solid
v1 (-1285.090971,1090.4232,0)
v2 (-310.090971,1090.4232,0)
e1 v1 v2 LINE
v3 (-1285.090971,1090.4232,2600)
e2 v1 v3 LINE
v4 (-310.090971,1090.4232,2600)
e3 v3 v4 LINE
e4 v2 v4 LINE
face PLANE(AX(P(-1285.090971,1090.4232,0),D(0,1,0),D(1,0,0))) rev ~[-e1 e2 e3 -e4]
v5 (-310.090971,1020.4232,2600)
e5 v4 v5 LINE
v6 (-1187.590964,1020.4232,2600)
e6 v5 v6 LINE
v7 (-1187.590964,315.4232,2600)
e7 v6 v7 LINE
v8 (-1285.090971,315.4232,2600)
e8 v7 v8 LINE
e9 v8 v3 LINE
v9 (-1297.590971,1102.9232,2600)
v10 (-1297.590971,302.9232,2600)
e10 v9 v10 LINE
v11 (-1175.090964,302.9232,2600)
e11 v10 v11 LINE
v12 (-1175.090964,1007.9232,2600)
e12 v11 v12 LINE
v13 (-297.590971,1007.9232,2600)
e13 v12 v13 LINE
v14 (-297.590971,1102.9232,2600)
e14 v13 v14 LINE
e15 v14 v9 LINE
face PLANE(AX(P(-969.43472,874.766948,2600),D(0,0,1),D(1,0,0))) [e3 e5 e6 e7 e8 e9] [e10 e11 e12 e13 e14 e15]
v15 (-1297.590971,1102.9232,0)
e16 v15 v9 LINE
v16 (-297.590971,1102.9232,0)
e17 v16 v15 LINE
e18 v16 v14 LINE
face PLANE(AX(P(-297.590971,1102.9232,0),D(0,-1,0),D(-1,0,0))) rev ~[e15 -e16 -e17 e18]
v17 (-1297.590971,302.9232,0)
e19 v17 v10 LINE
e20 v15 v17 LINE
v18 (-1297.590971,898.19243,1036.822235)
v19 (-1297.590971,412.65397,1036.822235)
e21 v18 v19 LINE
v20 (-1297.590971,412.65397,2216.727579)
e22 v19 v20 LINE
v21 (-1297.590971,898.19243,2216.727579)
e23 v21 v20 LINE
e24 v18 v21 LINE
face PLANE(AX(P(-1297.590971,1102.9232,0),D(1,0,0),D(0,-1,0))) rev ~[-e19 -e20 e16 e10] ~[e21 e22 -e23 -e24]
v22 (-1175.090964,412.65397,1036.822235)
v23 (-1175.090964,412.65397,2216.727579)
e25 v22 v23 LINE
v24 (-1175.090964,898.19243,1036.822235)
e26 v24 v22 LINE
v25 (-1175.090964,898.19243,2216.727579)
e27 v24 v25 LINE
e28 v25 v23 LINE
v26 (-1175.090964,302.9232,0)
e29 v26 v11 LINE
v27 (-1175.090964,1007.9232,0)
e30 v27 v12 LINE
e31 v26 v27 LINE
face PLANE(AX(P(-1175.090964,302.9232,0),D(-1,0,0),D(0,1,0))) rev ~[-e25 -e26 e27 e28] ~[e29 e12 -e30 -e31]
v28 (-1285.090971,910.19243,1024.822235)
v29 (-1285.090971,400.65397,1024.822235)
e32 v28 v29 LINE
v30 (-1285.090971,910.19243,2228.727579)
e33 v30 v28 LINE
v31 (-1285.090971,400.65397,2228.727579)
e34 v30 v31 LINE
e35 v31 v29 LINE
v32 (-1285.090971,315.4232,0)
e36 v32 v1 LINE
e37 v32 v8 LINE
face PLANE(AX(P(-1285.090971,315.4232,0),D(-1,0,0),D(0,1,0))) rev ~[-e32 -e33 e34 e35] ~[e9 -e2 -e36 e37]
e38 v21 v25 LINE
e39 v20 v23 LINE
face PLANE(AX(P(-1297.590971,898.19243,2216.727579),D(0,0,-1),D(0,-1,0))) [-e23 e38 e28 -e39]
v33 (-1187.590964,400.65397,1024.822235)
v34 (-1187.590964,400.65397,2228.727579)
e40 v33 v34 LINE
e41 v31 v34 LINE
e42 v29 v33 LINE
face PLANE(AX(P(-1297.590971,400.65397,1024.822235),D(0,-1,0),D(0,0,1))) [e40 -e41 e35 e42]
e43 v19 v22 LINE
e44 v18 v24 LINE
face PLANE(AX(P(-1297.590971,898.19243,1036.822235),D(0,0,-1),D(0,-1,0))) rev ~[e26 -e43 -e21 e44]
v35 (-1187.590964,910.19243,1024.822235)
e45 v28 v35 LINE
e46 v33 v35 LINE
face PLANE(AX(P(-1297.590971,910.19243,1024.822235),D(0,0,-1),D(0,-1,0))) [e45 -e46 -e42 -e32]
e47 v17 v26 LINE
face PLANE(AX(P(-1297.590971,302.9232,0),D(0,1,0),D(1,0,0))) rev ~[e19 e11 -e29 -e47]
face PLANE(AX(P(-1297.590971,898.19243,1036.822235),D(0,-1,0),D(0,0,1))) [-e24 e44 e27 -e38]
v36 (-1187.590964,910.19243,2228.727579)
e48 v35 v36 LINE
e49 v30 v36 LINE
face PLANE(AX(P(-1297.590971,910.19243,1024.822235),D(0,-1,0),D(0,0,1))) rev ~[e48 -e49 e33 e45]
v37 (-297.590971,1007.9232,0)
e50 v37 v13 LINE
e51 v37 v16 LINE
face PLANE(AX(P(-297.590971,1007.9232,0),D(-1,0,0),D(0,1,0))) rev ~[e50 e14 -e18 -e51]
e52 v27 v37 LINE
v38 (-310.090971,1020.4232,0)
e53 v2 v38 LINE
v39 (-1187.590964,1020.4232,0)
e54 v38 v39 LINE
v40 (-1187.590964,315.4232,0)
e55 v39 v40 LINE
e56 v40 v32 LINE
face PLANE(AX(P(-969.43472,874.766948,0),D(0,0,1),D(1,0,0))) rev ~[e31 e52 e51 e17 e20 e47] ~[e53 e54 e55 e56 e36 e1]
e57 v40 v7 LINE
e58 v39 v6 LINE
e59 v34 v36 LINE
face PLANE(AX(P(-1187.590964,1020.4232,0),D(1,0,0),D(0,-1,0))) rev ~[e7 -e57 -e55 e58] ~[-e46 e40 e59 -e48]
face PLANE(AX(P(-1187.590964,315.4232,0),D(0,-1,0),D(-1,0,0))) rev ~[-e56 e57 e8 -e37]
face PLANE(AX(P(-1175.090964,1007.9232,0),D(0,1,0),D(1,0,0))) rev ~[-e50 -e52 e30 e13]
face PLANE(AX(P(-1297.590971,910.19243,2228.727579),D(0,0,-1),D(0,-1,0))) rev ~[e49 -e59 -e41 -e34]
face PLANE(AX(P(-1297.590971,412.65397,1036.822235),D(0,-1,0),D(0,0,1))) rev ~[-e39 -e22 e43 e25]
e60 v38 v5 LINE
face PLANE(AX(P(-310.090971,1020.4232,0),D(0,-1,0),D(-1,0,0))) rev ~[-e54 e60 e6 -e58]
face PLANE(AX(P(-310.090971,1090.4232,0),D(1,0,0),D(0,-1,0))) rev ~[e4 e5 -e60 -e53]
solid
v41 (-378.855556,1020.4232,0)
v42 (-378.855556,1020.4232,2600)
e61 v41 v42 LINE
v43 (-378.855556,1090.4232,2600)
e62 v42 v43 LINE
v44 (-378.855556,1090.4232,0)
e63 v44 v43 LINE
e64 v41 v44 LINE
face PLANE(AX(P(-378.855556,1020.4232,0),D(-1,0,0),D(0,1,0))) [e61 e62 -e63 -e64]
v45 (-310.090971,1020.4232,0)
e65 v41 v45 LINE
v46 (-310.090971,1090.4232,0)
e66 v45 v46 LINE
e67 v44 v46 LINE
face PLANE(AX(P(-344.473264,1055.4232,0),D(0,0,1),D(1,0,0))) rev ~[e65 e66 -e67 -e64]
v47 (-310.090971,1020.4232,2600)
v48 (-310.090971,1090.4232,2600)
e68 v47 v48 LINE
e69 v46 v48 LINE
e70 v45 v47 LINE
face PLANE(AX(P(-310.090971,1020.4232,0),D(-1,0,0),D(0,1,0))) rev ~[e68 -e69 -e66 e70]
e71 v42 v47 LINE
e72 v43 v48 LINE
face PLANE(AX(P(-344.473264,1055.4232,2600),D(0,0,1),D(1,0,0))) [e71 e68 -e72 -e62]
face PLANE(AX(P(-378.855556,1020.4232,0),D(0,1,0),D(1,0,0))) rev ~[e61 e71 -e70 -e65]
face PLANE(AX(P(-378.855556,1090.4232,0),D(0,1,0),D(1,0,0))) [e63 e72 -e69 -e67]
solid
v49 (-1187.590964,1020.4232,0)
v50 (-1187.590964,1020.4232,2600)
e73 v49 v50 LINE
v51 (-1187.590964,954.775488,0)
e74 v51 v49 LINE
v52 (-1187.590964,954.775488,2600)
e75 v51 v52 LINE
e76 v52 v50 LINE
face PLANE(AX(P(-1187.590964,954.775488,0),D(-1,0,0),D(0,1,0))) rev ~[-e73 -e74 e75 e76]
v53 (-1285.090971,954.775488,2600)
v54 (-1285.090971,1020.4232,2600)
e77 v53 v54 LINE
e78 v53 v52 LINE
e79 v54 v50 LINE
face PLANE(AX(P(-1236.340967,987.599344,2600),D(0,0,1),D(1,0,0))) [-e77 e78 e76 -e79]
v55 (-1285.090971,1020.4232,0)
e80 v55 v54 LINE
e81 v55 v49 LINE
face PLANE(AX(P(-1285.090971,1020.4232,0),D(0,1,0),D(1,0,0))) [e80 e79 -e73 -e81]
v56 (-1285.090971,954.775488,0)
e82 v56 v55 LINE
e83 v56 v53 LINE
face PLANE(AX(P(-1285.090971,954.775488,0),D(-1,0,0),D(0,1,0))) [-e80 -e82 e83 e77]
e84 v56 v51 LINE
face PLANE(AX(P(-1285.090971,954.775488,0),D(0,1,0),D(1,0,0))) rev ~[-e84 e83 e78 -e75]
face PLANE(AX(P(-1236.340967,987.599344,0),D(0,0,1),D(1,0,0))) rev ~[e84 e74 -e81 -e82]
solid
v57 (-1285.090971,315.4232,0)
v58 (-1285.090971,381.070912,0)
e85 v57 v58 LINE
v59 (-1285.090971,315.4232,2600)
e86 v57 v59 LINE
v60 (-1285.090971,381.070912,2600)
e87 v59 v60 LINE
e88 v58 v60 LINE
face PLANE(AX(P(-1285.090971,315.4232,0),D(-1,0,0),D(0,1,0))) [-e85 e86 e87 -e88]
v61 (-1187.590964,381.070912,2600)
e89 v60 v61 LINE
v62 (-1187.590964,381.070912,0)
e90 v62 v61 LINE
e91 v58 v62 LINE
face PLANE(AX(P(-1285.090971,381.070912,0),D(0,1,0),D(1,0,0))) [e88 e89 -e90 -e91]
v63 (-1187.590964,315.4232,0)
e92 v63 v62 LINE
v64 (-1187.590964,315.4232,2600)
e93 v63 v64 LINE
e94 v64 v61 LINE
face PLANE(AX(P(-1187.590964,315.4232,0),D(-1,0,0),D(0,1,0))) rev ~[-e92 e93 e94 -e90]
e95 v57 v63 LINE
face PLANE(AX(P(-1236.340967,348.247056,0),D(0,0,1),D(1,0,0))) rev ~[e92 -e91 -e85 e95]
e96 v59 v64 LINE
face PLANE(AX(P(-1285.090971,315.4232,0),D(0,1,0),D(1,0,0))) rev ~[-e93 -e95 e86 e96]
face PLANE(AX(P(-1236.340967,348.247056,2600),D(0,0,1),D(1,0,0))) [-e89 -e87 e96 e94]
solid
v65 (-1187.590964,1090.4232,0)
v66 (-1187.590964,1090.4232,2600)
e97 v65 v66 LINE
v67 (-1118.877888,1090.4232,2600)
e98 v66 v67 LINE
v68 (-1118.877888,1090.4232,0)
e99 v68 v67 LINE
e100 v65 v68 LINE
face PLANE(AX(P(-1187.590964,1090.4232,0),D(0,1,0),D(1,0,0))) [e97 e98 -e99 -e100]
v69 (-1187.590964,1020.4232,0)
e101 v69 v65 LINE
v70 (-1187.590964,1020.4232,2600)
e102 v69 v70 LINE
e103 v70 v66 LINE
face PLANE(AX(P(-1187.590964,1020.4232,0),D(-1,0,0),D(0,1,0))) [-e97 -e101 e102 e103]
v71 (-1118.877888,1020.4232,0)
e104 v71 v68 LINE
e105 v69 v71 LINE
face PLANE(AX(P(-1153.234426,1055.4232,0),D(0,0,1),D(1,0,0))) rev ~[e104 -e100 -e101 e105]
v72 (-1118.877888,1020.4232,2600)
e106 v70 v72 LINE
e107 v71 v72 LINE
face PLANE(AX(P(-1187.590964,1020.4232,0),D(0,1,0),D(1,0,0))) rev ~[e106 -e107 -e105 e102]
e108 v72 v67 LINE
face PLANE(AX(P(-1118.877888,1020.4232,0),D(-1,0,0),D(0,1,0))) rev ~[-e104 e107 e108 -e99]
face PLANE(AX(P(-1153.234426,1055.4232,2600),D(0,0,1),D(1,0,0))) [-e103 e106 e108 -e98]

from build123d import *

# Parameters (mm, degrees)
F1_DEPTH = 2600
F0_W     = 97.5000073
F0_H     = 65.6477120058
F2_DEPTH = 2600
F0_W_2   = 68.7130760655
F0_H_2   = 70
F0_W_3   = 68.7645851583
F3_W     = 509.5384602817
F3_H     = 1203.9053440094
F4_DEPTH = 122.5010073
F5_W     = 509.5384602817
F5_H     = 1203.9053440094
F5_W_2   = 485.5384602817
F5_H_2   = 1179.9053440094
F6_DEPTH = 122.5000073


with BuildPart() as f1:
    # F0 (on Top) → F1 (new body)
    with BuildSketch(Plane.XY):
        Polygon((-1297.5909710913, 302.9231998785), (-1175.0909637913, 302.9231998785), (-1175.0909637913, 1007.9231998785), (-297.5909710913, 1007.9231998785), (-297.5909710913, 1102.9231998785), (-1297.5909710913, 1102.9231998785), align=None)
        Polygon((-1118.8778877258, 1020.4231998785), (-1187.5909637913, 1020.4231998785), (-1187.5909637913, 954.7754878728), (-1187.5909637913, 381.0709118843), (-1187.5909637913, 315.4231998785), (-1285.0909710913, 315.4231998785), (-1285.0909710913, 381.0709118843), (-1285.0909710913, 954.7754878728), (-1285.0909710913, 1020.4231998785), (-1285.0909710913, 1090.4231998785), (-1187.5909637913, 1090.4231998785), (-1118.8778877258, 1090.4231998785), (-378.8555562496, 1090.4231998785), (-310.0909710913, 1090.4231998785), (-310.0909710913, 1020.4231998785), (-378.8555562496, 1020.4231998785), align=None, mode=Mode.SUBTRACT)
    extrude(amount=F1_DEPTH)

    # F3 (on face) → F4 (cut, through all)
    with BuildSketch(Plane.YZ.offset(-1175.0909637913)):
        with Locations((655.4231998785, 1626.7749071121)):
            Rectangle(F3_W, F3_H)
    extrude(amount=-F4_DEPTH, mode=Mode.SUBTRACT)

    # F5 (on face) → F6 (join, through all)
    with BuildSketch(Plane(origin=(-1297.5909710913, 0, 0), x_dir=(0, -1, 0), z_dir=(-1, 0, 0))):
        with Locations((-655.4231998785, 1626.7749071121)):
            Rectangle(F5_W, F5_H)
        with Locations((-655.4231998785, 1626.7749071121)):
            Rectangle(F5_W_2, F5_H_2, mode=Mode.SUBTRACT)
    extrude(amount=-F6_DEPTH)


with BuildPart() as f2:
    # F0 (on Top) → F2 (new body)
    with BuildSketch(Plane.XY):
        with Locations((-1236.3409674413, 348.2470558814)):
            Rectangle(F0_W, F0_H)
    extrude(amount=F2_DEPTH)


with BuildPart() as f2b:
    # F0 (on Top) → F2, piece 2 (new body)
    with BuildSketch(Plane.XY):
        with Locations((-1236.3409674413, 987.5993438757)):
            Rectangle(F0_W, F0_H)
    extrude(amount=F2_DEPTH)


with BuildPart() as f2c:
    # F0 (on Top) → F2, piece 3 (new body)
    with BuildSketch(Plane.XY):
        with Locations((-1153.2344257586, 1055.4231998785)):
            Rectangle(F0_W_2, F0_H_2)
    extrude(amount=F2_DEPTH)


with BuildPart() as f2d:
    # F0 (on Top) → F2, piece 4 (new body)
    with BuildSketch(Plane.XY):
        with Locations((-344.4732636705, 1055.4231998785)):
            Rectangle(F0_W_3, F0_H_2)
    extrude(amount=F2_DEPTH)


solid = Compound([f1.part, f2.part, f2b.part, f2c.part, f2d.part])
